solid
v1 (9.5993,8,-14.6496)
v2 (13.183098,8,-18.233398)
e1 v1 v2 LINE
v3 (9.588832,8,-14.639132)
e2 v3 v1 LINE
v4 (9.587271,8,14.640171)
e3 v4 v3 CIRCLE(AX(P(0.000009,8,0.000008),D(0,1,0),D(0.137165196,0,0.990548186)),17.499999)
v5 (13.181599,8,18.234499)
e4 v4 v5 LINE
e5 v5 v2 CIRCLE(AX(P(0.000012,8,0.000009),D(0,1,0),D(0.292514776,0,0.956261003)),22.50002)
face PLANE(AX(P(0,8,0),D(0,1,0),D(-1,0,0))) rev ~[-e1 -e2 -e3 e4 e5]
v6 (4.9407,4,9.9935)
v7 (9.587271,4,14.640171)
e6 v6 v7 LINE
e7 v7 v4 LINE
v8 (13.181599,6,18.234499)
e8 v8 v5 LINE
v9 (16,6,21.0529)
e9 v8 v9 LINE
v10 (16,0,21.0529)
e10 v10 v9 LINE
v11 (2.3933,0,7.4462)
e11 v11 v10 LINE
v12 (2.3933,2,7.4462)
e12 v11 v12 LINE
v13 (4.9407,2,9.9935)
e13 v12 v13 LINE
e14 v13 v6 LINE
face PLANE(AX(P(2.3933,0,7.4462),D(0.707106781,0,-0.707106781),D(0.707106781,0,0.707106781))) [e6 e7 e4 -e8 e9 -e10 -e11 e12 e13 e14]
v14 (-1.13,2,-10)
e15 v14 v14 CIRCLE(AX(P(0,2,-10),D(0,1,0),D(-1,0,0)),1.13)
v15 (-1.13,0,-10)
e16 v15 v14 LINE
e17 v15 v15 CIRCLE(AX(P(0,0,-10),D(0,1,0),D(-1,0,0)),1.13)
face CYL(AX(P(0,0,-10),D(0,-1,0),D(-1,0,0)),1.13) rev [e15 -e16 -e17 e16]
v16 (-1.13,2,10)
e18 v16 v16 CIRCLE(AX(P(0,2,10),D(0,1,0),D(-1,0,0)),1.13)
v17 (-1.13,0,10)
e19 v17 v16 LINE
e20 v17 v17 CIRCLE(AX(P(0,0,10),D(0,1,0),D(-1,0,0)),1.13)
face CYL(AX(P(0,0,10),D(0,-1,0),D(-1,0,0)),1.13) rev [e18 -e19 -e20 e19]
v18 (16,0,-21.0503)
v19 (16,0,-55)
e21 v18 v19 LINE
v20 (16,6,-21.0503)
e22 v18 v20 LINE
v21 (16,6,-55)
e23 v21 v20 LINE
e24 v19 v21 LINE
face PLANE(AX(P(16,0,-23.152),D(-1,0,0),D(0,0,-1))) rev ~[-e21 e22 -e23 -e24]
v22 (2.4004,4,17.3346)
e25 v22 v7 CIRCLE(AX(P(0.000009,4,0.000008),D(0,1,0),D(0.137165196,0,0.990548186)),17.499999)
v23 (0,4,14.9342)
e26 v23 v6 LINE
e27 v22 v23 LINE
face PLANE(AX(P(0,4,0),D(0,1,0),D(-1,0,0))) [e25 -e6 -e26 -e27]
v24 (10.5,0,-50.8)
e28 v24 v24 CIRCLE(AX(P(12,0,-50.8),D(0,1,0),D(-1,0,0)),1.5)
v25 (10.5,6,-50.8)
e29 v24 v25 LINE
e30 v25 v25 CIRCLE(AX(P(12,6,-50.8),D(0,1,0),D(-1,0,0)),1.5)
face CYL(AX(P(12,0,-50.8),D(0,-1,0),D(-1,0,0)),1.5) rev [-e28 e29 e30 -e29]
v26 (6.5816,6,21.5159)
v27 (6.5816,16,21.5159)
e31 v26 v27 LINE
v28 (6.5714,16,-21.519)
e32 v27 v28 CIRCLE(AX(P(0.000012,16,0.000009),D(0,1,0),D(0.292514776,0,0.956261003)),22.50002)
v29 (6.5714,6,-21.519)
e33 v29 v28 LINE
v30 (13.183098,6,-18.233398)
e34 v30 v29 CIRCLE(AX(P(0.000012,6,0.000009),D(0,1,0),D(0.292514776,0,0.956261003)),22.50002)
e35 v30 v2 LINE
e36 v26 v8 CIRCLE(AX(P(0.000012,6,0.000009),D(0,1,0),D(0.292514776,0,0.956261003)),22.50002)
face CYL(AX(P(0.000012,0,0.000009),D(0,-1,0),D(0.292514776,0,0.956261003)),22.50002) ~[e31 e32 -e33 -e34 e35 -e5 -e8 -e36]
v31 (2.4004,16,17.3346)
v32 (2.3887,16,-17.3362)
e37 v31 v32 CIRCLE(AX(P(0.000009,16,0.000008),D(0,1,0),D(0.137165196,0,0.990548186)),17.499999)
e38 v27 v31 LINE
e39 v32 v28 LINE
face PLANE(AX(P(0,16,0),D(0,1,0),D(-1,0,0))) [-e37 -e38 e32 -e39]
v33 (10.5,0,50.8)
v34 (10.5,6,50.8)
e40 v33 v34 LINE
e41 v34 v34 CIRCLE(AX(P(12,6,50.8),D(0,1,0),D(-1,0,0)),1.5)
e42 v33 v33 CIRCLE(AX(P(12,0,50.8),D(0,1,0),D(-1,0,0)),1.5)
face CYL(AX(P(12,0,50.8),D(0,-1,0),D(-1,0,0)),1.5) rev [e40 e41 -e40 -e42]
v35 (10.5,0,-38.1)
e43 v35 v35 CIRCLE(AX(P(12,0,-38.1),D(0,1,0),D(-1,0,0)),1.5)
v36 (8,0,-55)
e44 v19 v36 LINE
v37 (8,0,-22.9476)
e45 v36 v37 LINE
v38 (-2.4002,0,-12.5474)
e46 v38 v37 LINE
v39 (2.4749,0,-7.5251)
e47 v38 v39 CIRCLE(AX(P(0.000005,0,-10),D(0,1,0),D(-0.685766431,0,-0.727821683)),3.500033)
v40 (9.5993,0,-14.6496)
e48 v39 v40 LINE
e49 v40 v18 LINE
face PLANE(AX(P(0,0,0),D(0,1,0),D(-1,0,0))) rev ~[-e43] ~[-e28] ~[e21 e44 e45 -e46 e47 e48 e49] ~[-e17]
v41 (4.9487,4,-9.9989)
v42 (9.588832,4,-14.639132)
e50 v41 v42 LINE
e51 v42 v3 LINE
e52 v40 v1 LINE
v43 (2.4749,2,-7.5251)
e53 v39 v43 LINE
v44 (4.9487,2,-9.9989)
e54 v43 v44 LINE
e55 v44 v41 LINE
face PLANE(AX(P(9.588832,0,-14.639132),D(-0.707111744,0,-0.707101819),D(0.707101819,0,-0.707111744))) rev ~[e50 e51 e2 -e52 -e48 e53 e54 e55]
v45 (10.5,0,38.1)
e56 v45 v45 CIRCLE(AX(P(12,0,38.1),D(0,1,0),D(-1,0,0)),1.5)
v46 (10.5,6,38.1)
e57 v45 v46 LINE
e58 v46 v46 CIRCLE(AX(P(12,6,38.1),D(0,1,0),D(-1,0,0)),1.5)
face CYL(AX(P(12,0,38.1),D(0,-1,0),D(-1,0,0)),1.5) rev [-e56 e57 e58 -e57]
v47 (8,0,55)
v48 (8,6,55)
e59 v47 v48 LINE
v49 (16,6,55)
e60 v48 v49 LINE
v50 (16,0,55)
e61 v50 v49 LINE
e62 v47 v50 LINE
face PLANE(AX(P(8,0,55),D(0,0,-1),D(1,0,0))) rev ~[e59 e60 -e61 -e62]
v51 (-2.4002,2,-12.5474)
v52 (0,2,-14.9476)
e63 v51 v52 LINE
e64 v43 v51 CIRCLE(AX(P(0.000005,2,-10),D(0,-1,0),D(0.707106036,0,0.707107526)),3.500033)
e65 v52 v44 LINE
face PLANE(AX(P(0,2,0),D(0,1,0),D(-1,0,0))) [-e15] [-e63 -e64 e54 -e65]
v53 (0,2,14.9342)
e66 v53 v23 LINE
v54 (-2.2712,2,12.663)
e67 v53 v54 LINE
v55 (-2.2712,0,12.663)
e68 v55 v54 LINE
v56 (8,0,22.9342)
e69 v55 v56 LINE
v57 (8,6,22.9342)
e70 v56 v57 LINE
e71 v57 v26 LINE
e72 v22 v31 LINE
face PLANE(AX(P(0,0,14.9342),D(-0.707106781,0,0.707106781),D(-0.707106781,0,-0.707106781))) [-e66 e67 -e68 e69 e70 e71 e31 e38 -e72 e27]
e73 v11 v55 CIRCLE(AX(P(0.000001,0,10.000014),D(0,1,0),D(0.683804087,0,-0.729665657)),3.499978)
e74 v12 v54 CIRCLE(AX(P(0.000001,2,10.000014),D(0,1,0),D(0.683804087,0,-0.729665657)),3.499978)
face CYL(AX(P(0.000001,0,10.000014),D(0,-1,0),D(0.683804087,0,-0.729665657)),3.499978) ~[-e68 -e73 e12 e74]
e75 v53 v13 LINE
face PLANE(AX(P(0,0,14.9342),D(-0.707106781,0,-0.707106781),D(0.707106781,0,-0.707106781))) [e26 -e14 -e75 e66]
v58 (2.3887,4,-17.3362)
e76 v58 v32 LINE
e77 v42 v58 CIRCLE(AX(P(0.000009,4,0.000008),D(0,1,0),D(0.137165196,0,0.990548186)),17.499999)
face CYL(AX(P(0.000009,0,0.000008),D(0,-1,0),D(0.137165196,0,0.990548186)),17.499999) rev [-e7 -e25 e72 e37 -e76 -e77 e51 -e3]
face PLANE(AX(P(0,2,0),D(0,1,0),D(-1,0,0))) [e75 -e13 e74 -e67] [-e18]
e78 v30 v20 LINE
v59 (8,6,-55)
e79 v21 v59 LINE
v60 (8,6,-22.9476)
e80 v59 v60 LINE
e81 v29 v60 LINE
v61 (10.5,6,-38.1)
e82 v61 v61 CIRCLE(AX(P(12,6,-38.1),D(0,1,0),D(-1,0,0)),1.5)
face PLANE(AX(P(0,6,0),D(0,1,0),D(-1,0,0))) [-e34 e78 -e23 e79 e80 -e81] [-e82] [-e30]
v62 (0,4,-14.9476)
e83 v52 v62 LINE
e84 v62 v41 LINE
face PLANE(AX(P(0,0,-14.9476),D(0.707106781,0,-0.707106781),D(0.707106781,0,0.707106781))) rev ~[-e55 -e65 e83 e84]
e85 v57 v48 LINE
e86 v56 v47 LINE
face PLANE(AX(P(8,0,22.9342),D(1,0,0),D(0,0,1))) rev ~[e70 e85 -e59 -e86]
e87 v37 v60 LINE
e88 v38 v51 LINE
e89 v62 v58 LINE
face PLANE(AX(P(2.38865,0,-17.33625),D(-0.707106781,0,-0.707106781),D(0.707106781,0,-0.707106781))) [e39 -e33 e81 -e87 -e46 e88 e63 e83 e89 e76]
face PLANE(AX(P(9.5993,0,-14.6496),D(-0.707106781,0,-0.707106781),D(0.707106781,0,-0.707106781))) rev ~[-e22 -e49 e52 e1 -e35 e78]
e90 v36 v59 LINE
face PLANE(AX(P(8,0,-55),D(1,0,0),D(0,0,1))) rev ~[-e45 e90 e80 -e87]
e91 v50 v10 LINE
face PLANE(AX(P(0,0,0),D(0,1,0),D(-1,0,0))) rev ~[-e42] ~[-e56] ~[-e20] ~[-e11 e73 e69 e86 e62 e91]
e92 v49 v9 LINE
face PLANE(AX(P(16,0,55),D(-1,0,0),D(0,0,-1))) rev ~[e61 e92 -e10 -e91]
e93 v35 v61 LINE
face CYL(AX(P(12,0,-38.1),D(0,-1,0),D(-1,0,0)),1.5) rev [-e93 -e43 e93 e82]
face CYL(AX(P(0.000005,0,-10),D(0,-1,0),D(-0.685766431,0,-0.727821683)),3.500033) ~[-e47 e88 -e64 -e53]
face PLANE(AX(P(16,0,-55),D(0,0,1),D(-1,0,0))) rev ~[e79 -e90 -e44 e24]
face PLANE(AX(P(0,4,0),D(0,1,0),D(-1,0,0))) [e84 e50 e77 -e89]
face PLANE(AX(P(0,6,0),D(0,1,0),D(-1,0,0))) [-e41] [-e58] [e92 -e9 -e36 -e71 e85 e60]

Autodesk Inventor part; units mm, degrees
ref_plane "YZ Plane" through (0, 0, 0) normal (1, 0, 0) x (0, 1, 0)
ref_plane "XZ Plane" through (0, 0, 0) normal (0, 1, 0) x (-1, 0, 0)
ref_plane "XY Plane" through (0, 0, 0) normal (0, 0, 1) x (1, 0, 0)
sketch "Sketch1" plane through (0, 0, 0) normal (0, 1, 0) x (-1, 0, 0)
  arc A0 (-2.4004, 17.3346) -> (-2.3887, -17.3362) centre (0, 0) ccw
  arc A1 (-6.5816, 21.5159) -> (-6.5714, -21.519) centre (0, 0) ccw
  circle A2 centre (0, 10) radius 1
  circle A3 centre (0, -10) radius 1
  arc A4 (-2.3933, 7.4462) -> (2.2712, 12.663) centre (0, 10) ccw
  arc A5 (2.4002, -12.5474) -> (-2.4749, -7.5251) centre (0, -10) ccw
  line L0 (-8, 55) -> (-16, 55)
  line L1 (-16, -55) -> (-8, -55)
  line L2 (-8, -55) -> (-8, -22.9476)
  line L3 (-8, 22.9342) -> (-8, 55)
  line L4 (-16, -23.152) -> (-16, -55)
  line L5 (-8, 22.9342) -> (2.5474, 12.3868)
  line L6 (-8, 22.9342) -> (6.9163, 22.9342) construction
  line L7 (2.5474, -12.4002) -> (-8, -22.9476)
  line L8 (-2.4749, -7.5251) -> (-9.5993, -14.6496)
  circle A6 centre (-12, -50.8) radius 1.5
  circle A7 centre (-12, -38.1) radius 1.5
  circle A8 centre (-12, 50.8) radius 1.5
  circle A9 centre (-12, 38.1) radius 1.5
  line L9 (-16, 55) -> (-16, 21.0529)
  line L10 (-9.5993, -14.6496) -> (-16, -21.0503)
  line L11 (-16, -21.0503) -> (-16, -23.152)
  line L12 (-2.3933, 7.4462) -> (-16, 21.0529)
  line L13 (0, 14.9342) -> (-4.9407, 9.9935)
  line L14 (0, -14.9476) -> (-4.9487, -9.9989)
  point P0 (-9.5889, -14.6391)
  point P1 (-9.5873, 14.6401)
  dimension "d7" = 35
  dimension "d8" = 45
  dimension "d9" = 2
  dimension "d10" = 2
  dimension "d11" = 10
  dimension "d12" = 10
  dimension "d13" = 7
  dimension "d14" = 7
  dimension "d19" = 8
  dimension "d20" = 110
  dimension "d21" = 8
  dimension "d22" = 55
  dimension "d23" = 45
  dimension "d25" = 3
  dimension "d26" = 3
  dimension "d27" = 3
  dimension "d28" = 3
  dimension "d29" = 38.1
  dimension "d31" = 50.8
sketch "Sketch2" plane through (0, 0, 0) normal (0, 1, 0) x (-1, 0, 0)
  arc A0 (-2.4004, 17.3346) -> (-2.3887, -17.3362) centre (0, 0) ccw
  arc A1 (-6.5816, 21.5159) -> (-6.5714, -21.519) centre (0, 0) ccw
  circle A2 centre (0, 10) radius 1.13
  circle A3 centre (0, -10) radius 1.13
  arc A4 (-2.3933, 7.4462) -> (2.2712, 12.663) centre (0, 10) ccw
  arc A5 (2.4002, -12.5474) -> (-2.4749, -7.5251) centre (0, -10) ccw
  line L0 (-8, 55) -> (-16, 55)
  line L1 (-16, -55) -> (-8, -55)
  line L2 (-8, -55) -> (-8, -22.9476)
  line L3 (-8, 22.9342) -> (-8, 55)
  line L4 (-16, -23.152) -> (-16, -55)
  line L5 (-8, 22.9342) -> (2.5474, 12.3868)
  line L6 (-8, 22.9342) -> (6.9163, 22.9342) construction
  line L7 (2.5474, -12.4002) -> (-8, -22.9476)
  line L8 (-2.4749, -7.5251) -> (-9.5993, -14.6496)
  circle A6 centre (-12, -50.8) radius 1.5
  circle A7 centre (-12, -38.1) radius 1.5
  circle A8 centre (-12, 50.8) radius 1.5
  circle A9 centre (-12, 38.1) radius 1.5
  line L9 (-16, 55) -> (-16, 21.0529)
  line L10 (-9.5993, -14.6496) -> (-16, -21.0503)
  line L11 (-16, -21.0503) -> (-16, -23.152)
  line L12 (-2.3933, 7.4462) -> (-16, 21.0529)
  line L13 (0, 14.9342) -> (-4.9407, 9.9935)
  line L14 (0, -14.9476) -> (-4.9487, -9.9989)
  dimension "d54" = 35
  dimension "d55" = 45
  dimension "d56" = 2.26
  dimension "d57" = 2.26
  dimension "d58" = 10
  dimension "d59" = 10
  dimension "d60" = 7
  dimension "d61" = 7
  dimension "d62" = 8
  dimension "d63" = 110
  dimension "d64" = 8
  dimension "d65" = 55
  dimension "d66" = 45
  dimension "d67" = 3
  dimension "d68" = 3
  dimension "d69" = 3
  dimension "d70" = 3
  dimension "d71" = 38.1
  dimension "d72" = 50.8
sketch "Sketch3" plane through (0, 0, 0) normal (0, 1, 0) x (-1, 0, 0)
  arc A0 (-2.4004, 17.3346) -> (-2.3887, -17.3362) centre (0, 0) ccw
  arc A1 (-6.5816, 21.5159) -> (-6.5714, -21.519) centre (0, 0) ccw
  circle A2 centre (0, 10) radius 1
  circle A3 centre (0, -10) radius 1
  arc A4 (-2.3933, 7.4462) -> (2.2712, 12.663) centre (0, 10) ccw
  arc A5 (2.4002, -12.5474) -> (-2.4749, -7.5251) centre (0, -10) ccw
  line L0 (-8, 55) -> (-16, 55)
  line L1 (-16, -55) -> (-8, -55)
  line L2 (-8, -55) -> (-8, -22.9476)
  line L3 (-8, 22.9342) -> (-8, 55)
  line L4 (-16, -23.152) -> (-16, -55)
  line L5 (-8, 22.9342) -> (2.5474, 12.3868)
  line L6 (-8, 22.9342) -> (6.9163, 22.9342) construction
  line L7 (2.5474, -12.4002) -> (-8, -22.9476)
  line L8 (-2.4749, -7.5251) -> (-9.5993, -14.6496)
  circle A6 centre (-12, -50.8) radius 1.5
  circle A7 centre (-12, -38.1) radius 1.5
  circle A8 centre (-12, 50.8) radius 1.5
  circle A9 centre (-12, 38.1) radius 1.5
  line L9 (-16, 55) -> (-16, 21.0529)
  line L10 (-9.5993, -14.6496) -> (-16, -21.0503)
  line L11 (-16, -21.0503) -> (-16, -23.152)
  line L12 (-2.3933, 7.4462) -> (-16, 21.0529)
  line L13 (0, 14.9342) -> (-4.9407, 9.9935)
  line L14 (0, -14.9476) -> (-4.9487, -9.9989)
  point P0 (-9.5889, -14.6391)
  point P1 (-9.5873, 14.6401)
  point P2 (-13.1831, -18.2334)
  point P3 (-13.1816, 18.2345)
  dimension "d92" = 35
  dimension "d93" = 45
  dimension "d94" = 2
  dimension "d95" = 2
  dimension "d96" = 10
  dimension "d97" = 10
  dimension "d98" = 7
  dimension "d99" = 7
  dimension "d100" = 8
  dimension "d101" = 110
  dimension "d102" = 8
  dimension "d103" = 55
  dimension "d104" = 45
  dimension "d105" = 3
  dimension "d106" = 3
  dimension "d107" = 3
  dimension "d108" = 3
  dimension "d109" = 38.1
  dimension "d110" = 50.8
sketch "Sketch4" plane through (0, 0, 0) normal (0, 1, 0) x (-1, 0, 0)
  arc A0 (-2.4004, 17.3346) -> (-2.3887, -17.3362) centre (0, 0) ccw
  arc A1 (-6.5816, 21.5159) -> (-6.5714, -21.519) centre (0, 0) ccw
  circle A2 centre (0, 10) radius 1
  circle A3 centre (0, -10) radius 1
  arc A4 (-2.3933, 7.4462) -> (2.2712, 12.663) centre (0, 10) ccw
  arc A5 (2.4002, -12.5474) -> (-2.4749, -7.5251) centre (0, -10) ccw
  line L0 (-8, 55) -> (-16, 55)
  line L1 (-16, -55) -> (-8, -55)
  line L2 (-8, -55) -> (-8, -22.9476)
  line L3 (-8, 22.9342) -> (-8, 55)
  line L4 (-16, -23.152) -> (-16, -55)
  line L5 (-8, 22.9342) -> (2.5474, 12.3868)
  line L6 (-8, 22.9342) -> (6.9163, 22.9342) construction
  line L7 (2.5474, -12.4002) -> (-8, -22.9476)
  line L8 (-2.4749, -7.5251) -> (-9.5993, -14.6496)
  circle A6 centre (-12, -50.8) radius 1.5
  circle A7 centre (-12, -38.1) radius 1.5
  circle A8 centre (-12, 50.8) radius 1.5
  circle A9 centre (-12, 38.1) radius 1.5
  line L9 (-16, 55) -> (-16, 21.0529)
  line L10 (-9.5993, -14.6496) -> (-16, -21.0503)
  line L11 (-16, -21.0503) -> (-16, -23.152)
  line L12 (-2.3933, 7.4462) -> (-16, 21.0529)
  line L13 (0, 14.9342) -> (-4.9407, 9.9935)
  line L14 (0, -14.9476) -> (-4.9487, -9.9989)
  dimension "d35" = 35
  dimension "d36" = 45
  dimension "d37" = 2
  dimension "d38" = 2
  dimension "d39" = 10
  dimension "d40" = 10
  dimension "d41" = 7
  dimension "d42" = 7
  dimension "d43" = 8
  dimension "d44" = 110
  dimension "d45" = 8
  dimension "d46" = 55
  dimension "d47" = 45
  dimension "d48" = 3
  dimension "d49" = 3
  dimension "d50" = 3
  dimension "d51" = 3
  dimension "d52" = 38.1
  dimension "d53" = 50.8
sketch "Sketch5" plane through (0, 0, 0) normal (0, 1, 0) x (-1, 0, 0)
  arc A0 (-2.4004, 17.3346) -> (-2.3887, -17.3362) centre (0, 0) ccw
  arc A1 (-6.5816, 21.5159) -> (-6.5714, -21.519) centre (0, 0) ccw
  circle A2 centre (0, 10) radius 1
  circle A3 centre (0, -10) radius 1
  arc A4 (-2.3933, 7.4462) -> (2.2712, 12.663) centre (0, 10) ccw
  arc A5 (2.4002, -12.5474) -> (-2.4749, -7.5251) centre (0, -10) ccw
  line L0 (-8, 55) -> (-16, 55)
  line L1 (-16, -55) -> (-8, -55)
  line L2 (-8, -55) -> (-8, -22.9476)
  line L3 (-8, 22.9342) -> (-8, 55)
  line L4 (-16, -23.152) -> (-16, -55)
  line L5 (-8, 22.9342) -> (2.5474, 12.3868)
  line L6 (-8, 22.9342) -> (6.9163, 22.9342) construction
  line L7 (2.5474, -12.4002) -> (-8, -22.9476)
  line L8 (-2.4749, -7.5251) -> (-9.5993, -14.6496)
  circle A6 centre (-12, -50.8) radius 1.5
  circle A7 centre (-12, -38.1) radius 1.5
  circle A8 centre (-12, 50.8) radius 1.5
  circle A9 centre (-12, 38.1) radius 1.5
  line L9 (-16, 55) -> (-16, 21.0529)
  line L10 (-9.5993, -14.6496) -> (-16, -21.0503)
  line L11 (-16, -21.0503) -> (-16, -23.152)
  line L12 (-2.3933, 7.4462) -> (-16, 21.0529)
  line L13 (0, 14.9342) -> (-4.9407, 9.9935)
  line L14 (0, -14.9476) -> (-4.9487, -9.9989)
  point P0 (-9.5873, 14.6401)
  point P1 (-13.1816, 18.2345)
  point P2 (-13.1831, -18.2334)
  point P3 (-9.5889, -14.6391)
  dimension "d73" = 35
  dimension "d74" = 45
  dimension "d75" = 2
  dimension "d76" = 2
  dimension "d77" = 10
  dimension "d78" = 10
  dimension "d79" = 7
  dimension "d80" = 7
  dimension "d81" = 8
  dimension "d82" = 110
  dimension "d83" = 8
  dimension "d84" = 55
  dimension "d85" = 45
  dimension "d86" = 3
  dimension "d87" = 3
  dimension "d88" = 3
  dimension "d89" = 3
  dimension "d90" = 38.1
  dimension "d91" = 50.8
extrude "Extrusion1" add sketch "Sketch2" along normal blind 2 contours L5 A4 L12 L13 | L8 A5 L7 L14
extrude "Extrusion2" add sketch "Sketch1" along normal blind 4 contours L5 L13 L12 A0 | L8 L14 L7 A0
extrude "Extrusion3" add sketch "Sketch3" along normal blind 6 contours A1 L12 L9 L0 L3 L5 | A1 L7 L2 L1 L4 L11 L10
extrude "Extrusion4" add sketch "Sketch4" along normal blind 16 contours A0 L12 A1 L5 | A0 L8 L10 A1 L12 | A0 L7 A1 L10 L8
extrude "Extrusion5" cut sketch "Sketch5" along normal blind 8 contours A0 L8 L10 A1 L12
thread "Thread1" size "4-40 UNC" class "2B" standard "ANSI Unified Screw Threads" full length
thread "Thread2" size "4-40 UNC" class "2B" standard "ANSI Unified Screw Threads" full length
properties part number "snHeadbarHolder2"
